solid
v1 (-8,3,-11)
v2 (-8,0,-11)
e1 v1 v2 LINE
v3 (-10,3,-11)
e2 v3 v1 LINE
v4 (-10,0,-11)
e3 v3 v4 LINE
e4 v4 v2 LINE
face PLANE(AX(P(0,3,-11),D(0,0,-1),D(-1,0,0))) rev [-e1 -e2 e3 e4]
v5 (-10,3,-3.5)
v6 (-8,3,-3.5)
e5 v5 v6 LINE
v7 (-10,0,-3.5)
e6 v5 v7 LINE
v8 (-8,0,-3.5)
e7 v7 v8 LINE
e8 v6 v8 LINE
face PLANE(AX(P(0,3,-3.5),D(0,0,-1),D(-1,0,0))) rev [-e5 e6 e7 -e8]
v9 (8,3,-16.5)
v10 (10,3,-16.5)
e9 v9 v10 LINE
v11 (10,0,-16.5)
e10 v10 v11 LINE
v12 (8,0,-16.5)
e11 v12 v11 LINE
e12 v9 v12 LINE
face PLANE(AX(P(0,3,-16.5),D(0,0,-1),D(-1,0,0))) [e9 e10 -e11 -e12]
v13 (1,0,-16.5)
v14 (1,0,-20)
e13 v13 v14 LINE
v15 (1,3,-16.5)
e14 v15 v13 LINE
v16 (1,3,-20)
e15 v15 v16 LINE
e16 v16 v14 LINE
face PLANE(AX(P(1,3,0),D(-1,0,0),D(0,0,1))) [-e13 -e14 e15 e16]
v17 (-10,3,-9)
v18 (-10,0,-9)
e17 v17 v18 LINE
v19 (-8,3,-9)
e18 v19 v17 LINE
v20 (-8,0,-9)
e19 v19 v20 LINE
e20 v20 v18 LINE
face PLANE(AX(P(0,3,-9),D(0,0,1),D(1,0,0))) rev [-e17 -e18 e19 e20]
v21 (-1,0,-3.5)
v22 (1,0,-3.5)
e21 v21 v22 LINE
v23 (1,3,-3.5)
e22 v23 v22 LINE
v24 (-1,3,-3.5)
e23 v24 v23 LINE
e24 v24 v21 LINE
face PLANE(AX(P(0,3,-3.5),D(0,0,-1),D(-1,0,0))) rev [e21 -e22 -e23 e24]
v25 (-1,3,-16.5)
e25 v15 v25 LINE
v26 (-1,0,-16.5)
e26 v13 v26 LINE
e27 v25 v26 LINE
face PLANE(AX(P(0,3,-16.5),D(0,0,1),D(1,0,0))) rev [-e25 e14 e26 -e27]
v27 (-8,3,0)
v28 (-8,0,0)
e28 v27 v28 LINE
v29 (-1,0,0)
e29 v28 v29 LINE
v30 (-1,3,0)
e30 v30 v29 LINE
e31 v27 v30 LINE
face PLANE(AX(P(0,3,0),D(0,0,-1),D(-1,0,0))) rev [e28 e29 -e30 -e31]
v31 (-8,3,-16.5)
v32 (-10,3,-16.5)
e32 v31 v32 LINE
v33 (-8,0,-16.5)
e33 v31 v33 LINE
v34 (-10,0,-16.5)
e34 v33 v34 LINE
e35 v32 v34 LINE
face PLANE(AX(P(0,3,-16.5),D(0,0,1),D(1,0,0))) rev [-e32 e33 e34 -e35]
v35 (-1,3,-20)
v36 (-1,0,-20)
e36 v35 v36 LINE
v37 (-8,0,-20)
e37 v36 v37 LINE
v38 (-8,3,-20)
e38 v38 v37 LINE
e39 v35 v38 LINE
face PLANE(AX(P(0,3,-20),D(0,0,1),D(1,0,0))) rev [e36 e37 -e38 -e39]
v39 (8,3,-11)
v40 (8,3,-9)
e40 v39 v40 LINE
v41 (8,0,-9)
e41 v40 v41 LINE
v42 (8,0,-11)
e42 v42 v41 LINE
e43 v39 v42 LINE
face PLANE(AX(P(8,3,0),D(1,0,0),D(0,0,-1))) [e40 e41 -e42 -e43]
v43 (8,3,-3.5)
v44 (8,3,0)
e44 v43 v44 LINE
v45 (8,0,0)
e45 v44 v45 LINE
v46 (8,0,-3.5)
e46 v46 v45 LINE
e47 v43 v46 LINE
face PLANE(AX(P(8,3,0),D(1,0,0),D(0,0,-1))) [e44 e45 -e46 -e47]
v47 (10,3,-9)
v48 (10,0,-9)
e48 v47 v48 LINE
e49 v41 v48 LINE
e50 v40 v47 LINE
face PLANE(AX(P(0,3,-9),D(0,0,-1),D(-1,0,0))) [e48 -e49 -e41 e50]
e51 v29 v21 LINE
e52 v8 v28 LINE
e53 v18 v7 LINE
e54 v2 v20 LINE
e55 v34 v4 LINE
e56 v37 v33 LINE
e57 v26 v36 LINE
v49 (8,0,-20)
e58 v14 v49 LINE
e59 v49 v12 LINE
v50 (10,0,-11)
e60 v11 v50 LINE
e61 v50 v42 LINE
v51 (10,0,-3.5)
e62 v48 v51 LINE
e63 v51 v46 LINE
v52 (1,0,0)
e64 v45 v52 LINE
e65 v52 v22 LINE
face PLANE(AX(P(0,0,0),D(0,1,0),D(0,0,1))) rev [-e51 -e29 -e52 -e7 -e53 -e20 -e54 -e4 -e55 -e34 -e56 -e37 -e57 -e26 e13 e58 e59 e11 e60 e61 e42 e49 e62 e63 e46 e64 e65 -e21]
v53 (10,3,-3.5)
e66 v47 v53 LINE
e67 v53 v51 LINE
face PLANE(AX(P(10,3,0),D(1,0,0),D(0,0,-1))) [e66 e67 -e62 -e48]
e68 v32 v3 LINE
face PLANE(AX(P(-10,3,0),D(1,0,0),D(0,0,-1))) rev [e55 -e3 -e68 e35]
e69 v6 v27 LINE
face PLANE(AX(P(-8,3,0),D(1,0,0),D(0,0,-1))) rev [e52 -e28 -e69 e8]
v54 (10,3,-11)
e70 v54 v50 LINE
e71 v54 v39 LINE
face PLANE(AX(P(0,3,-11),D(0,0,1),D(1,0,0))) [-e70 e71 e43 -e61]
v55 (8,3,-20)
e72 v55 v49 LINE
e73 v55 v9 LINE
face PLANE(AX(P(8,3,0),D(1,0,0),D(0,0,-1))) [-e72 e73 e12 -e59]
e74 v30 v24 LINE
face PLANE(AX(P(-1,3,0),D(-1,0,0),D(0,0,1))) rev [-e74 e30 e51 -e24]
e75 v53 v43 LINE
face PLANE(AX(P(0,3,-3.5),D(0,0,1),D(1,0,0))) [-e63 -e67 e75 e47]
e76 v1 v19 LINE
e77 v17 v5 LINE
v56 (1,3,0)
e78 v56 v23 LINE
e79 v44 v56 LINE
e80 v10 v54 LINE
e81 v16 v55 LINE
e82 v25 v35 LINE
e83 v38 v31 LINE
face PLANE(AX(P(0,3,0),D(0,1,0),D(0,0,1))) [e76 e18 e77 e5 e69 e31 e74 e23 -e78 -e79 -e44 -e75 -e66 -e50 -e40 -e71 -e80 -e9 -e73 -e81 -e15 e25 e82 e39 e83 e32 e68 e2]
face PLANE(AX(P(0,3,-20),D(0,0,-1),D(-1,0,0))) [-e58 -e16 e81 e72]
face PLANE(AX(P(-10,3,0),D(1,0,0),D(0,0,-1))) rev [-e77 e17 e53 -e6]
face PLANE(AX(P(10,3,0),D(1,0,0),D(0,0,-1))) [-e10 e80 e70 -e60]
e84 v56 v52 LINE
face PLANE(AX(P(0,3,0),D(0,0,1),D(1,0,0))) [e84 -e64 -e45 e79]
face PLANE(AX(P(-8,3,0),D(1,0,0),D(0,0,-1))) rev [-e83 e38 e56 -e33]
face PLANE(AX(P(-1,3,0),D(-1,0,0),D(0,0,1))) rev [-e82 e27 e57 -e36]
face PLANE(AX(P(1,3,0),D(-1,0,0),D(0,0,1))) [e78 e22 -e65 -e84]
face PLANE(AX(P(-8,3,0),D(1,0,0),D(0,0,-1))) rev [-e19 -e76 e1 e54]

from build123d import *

# Parameters (mm, degrees)
BOSS_EXTRUDE1_DEPTH = 3


with BuildPart() as part:
    # Sketch1 → Boss-Extrude1 (new body)
    with BuildSketch(Plane(origin=(0, 0, 0), x_dir=(1, 0, 0), z_dir=(0, 1, 0))):
        Polygon((1, 16.5), (1, 20), (8, 20), (8, 16.5), (10, 16.5), (10, 11), (8, 11), (8, 9), (10, 9), (10, 3.5), (8, 3.5), (8, 0), (1, 0), (1, 3.5), (-1, 3.5), (-1, 0), (-8, 0), (-8, 3.5), (-10, 3.5), (-10, 9), (-8, 9), (-8, 11), (-10, 11), (-10, 16.5), (-8, 16.5), (-8, 20), (-1, 20), (-1, 16.5), align=None)
    extrude(amount=BOSS_EXTRUDE1_DEPTH)


solid = part.part
